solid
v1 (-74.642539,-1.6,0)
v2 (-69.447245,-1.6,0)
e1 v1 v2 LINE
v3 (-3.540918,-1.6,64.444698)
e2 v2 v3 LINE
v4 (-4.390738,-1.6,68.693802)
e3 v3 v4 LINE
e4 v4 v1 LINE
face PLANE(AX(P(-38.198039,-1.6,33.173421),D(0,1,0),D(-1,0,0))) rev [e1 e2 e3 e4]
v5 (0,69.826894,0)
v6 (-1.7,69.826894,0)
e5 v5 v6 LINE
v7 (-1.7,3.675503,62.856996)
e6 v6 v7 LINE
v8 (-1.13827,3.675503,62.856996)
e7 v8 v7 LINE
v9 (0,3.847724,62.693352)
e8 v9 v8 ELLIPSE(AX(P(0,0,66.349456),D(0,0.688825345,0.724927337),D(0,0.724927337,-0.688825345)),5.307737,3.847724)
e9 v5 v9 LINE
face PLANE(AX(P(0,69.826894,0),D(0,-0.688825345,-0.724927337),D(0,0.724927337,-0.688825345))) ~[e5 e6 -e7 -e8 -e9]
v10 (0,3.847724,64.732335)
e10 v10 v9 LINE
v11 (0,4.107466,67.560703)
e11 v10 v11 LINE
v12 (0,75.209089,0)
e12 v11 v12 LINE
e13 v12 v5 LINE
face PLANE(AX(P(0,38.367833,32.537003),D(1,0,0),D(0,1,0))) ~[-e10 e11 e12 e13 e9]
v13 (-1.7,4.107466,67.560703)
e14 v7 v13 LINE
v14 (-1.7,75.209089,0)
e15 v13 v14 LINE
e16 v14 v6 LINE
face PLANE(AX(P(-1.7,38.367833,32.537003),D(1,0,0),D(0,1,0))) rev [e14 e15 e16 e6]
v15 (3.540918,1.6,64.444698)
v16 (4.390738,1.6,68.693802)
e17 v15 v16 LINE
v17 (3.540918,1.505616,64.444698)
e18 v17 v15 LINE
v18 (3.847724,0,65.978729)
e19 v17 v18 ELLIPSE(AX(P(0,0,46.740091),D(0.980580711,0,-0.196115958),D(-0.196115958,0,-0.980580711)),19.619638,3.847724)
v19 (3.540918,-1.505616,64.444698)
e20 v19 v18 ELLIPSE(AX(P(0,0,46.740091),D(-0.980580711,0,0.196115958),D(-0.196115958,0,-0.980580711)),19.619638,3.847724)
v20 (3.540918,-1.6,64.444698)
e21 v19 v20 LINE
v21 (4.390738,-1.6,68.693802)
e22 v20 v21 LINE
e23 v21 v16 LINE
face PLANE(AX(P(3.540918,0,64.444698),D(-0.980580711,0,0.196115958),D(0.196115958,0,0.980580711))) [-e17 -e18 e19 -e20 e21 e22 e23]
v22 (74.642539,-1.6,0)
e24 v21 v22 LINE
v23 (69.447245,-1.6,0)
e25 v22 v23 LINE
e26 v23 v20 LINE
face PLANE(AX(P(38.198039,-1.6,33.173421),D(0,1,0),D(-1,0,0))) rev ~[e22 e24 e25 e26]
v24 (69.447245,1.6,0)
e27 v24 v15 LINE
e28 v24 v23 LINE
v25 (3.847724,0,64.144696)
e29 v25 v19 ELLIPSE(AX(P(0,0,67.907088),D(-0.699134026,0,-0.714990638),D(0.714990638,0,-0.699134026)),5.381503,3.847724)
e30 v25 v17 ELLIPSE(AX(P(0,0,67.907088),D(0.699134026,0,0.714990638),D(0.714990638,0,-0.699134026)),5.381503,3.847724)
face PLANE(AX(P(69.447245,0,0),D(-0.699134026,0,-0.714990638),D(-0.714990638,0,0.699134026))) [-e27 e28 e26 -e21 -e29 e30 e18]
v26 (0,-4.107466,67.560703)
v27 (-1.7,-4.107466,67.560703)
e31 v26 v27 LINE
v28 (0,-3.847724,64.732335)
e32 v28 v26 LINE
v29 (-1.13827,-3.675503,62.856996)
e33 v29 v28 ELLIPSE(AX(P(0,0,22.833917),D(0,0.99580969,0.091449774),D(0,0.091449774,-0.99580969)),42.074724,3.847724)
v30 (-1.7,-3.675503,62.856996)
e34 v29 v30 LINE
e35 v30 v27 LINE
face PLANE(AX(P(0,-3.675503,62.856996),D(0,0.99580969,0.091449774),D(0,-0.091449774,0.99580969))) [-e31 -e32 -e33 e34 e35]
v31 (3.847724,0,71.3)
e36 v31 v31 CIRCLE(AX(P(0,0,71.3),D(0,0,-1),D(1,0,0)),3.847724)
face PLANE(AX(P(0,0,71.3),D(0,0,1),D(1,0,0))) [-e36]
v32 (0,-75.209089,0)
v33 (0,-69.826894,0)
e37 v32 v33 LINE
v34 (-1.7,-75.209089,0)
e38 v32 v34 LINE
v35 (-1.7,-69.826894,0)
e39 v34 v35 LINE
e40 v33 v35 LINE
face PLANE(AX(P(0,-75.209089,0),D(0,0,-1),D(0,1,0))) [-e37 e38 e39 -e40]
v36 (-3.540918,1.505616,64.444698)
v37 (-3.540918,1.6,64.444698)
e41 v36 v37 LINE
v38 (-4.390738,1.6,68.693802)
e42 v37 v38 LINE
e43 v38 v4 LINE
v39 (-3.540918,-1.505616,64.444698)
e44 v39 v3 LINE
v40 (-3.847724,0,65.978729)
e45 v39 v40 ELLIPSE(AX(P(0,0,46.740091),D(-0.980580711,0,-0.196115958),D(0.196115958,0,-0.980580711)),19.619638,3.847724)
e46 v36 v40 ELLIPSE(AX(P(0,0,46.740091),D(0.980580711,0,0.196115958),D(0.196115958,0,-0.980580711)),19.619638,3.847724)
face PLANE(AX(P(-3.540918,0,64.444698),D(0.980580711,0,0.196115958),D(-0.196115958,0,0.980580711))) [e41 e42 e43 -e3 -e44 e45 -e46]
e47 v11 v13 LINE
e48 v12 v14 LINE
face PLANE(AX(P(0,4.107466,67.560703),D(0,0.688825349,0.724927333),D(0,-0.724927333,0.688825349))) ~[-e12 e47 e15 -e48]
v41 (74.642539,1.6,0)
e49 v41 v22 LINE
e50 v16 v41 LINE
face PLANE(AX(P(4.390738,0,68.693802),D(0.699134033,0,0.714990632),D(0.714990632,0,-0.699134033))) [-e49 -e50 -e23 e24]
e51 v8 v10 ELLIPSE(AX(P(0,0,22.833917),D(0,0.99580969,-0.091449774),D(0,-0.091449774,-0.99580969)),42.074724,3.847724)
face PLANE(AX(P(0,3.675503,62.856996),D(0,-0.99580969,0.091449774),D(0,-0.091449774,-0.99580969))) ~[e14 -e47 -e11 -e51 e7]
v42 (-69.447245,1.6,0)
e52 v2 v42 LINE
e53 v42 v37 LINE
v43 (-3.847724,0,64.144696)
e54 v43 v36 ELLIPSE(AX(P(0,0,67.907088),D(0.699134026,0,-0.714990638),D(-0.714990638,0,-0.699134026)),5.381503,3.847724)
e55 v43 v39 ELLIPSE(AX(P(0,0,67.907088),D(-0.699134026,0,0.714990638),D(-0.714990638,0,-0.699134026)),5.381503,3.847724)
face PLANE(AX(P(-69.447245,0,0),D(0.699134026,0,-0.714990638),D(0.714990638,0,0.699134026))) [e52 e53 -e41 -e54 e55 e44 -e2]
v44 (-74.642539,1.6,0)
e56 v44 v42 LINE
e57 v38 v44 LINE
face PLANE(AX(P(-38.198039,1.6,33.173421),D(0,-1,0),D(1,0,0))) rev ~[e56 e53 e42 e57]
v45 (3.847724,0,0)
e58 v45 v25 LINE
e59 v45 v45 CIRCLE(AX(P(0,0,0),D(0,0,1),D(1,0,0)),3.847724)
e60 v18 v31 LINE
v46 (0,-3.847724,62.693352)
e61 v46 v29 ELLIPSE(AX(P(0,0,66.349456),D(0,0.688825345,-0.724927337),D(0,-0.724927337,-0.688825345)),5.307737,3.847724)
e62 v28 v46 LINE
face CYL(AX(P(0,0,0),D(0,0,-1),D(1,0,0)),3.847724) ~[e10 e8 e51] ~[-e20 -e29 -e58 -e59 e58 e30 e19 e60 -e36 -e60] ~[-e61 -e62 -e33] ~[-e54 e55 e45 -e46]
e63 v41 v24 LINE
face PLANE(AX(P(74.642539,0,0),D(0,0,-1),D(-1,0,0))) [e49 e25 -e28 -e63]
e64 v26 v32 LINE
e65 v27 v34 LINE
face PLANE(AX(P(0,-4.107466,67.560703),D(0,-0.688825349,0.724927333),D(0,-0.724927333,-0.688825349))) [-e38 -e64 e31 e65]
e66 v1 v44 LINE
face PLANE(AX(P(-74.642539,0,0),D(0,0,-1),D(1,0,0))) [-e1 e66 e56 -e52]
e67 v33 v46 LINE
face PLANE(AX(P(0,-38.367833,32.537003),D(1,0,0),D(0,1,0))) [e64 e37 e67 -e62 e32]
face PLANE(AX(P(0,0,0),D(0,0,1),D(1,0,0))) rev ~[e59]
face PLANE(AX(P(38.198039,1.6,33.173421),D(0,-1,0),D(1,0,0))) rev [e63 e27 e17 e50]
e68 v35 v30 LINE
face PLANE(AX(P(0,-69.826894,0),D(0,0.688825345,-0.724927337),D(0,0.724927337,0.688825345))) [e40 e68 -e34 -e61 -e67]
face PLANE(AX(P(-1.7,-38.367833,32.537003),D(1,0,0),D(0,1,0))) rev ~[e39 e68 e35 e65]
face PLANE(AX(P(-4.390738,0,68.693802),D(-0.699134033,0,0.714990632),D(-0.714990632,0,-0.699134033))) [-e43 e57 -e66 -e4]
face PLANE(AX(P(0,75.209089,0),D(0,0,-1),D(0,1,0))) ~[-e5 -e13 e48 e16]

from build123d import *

# Parameters (mm, degrees)
F0_R     = 3.847724
F1_DEPTH = 71.3
F3_DEPTH = 1.6
F6_DEPTH = 1.7


with BuildPart() as f1:
    # F0 (on Top) → F1 (new body)
    with BuildSketch(Plane.XY):
        Circle(F0_R)
    extrude(amount=F1_DEPTH)

    # F2 (on Front) → F3 (join)
    with BuildSketch(Plane.XZ):
        Polygon((-3.540918, 64.444698), (-4.390738, 68.693802), (-74.642539, 0), (-69.447245, 0), align=None)
    extrude(amount=-F3_DEPTH)

    # F4: F1 across plane


with BuildPart() as f1_1:
    add(f1.part)
    add(f1.part.mirror(Plane.YZ))

    # F5 (on Right) → F6 (join)
    with BuildSketch(Plane.YZ):
        Polygon((-3.675503, 62.856996), (-4.107466, 67.560703), (-75.209089, 0), (-69.826894, 0), align=None)
    extrude(amount=-F6_DEPTH)

    # F7: F1 across plane


with BuildPart() as f1_2:
    add(f1_1.part)
    add(f1_1.part.mirror(Plane.XZ))


solid = f1_2.part
